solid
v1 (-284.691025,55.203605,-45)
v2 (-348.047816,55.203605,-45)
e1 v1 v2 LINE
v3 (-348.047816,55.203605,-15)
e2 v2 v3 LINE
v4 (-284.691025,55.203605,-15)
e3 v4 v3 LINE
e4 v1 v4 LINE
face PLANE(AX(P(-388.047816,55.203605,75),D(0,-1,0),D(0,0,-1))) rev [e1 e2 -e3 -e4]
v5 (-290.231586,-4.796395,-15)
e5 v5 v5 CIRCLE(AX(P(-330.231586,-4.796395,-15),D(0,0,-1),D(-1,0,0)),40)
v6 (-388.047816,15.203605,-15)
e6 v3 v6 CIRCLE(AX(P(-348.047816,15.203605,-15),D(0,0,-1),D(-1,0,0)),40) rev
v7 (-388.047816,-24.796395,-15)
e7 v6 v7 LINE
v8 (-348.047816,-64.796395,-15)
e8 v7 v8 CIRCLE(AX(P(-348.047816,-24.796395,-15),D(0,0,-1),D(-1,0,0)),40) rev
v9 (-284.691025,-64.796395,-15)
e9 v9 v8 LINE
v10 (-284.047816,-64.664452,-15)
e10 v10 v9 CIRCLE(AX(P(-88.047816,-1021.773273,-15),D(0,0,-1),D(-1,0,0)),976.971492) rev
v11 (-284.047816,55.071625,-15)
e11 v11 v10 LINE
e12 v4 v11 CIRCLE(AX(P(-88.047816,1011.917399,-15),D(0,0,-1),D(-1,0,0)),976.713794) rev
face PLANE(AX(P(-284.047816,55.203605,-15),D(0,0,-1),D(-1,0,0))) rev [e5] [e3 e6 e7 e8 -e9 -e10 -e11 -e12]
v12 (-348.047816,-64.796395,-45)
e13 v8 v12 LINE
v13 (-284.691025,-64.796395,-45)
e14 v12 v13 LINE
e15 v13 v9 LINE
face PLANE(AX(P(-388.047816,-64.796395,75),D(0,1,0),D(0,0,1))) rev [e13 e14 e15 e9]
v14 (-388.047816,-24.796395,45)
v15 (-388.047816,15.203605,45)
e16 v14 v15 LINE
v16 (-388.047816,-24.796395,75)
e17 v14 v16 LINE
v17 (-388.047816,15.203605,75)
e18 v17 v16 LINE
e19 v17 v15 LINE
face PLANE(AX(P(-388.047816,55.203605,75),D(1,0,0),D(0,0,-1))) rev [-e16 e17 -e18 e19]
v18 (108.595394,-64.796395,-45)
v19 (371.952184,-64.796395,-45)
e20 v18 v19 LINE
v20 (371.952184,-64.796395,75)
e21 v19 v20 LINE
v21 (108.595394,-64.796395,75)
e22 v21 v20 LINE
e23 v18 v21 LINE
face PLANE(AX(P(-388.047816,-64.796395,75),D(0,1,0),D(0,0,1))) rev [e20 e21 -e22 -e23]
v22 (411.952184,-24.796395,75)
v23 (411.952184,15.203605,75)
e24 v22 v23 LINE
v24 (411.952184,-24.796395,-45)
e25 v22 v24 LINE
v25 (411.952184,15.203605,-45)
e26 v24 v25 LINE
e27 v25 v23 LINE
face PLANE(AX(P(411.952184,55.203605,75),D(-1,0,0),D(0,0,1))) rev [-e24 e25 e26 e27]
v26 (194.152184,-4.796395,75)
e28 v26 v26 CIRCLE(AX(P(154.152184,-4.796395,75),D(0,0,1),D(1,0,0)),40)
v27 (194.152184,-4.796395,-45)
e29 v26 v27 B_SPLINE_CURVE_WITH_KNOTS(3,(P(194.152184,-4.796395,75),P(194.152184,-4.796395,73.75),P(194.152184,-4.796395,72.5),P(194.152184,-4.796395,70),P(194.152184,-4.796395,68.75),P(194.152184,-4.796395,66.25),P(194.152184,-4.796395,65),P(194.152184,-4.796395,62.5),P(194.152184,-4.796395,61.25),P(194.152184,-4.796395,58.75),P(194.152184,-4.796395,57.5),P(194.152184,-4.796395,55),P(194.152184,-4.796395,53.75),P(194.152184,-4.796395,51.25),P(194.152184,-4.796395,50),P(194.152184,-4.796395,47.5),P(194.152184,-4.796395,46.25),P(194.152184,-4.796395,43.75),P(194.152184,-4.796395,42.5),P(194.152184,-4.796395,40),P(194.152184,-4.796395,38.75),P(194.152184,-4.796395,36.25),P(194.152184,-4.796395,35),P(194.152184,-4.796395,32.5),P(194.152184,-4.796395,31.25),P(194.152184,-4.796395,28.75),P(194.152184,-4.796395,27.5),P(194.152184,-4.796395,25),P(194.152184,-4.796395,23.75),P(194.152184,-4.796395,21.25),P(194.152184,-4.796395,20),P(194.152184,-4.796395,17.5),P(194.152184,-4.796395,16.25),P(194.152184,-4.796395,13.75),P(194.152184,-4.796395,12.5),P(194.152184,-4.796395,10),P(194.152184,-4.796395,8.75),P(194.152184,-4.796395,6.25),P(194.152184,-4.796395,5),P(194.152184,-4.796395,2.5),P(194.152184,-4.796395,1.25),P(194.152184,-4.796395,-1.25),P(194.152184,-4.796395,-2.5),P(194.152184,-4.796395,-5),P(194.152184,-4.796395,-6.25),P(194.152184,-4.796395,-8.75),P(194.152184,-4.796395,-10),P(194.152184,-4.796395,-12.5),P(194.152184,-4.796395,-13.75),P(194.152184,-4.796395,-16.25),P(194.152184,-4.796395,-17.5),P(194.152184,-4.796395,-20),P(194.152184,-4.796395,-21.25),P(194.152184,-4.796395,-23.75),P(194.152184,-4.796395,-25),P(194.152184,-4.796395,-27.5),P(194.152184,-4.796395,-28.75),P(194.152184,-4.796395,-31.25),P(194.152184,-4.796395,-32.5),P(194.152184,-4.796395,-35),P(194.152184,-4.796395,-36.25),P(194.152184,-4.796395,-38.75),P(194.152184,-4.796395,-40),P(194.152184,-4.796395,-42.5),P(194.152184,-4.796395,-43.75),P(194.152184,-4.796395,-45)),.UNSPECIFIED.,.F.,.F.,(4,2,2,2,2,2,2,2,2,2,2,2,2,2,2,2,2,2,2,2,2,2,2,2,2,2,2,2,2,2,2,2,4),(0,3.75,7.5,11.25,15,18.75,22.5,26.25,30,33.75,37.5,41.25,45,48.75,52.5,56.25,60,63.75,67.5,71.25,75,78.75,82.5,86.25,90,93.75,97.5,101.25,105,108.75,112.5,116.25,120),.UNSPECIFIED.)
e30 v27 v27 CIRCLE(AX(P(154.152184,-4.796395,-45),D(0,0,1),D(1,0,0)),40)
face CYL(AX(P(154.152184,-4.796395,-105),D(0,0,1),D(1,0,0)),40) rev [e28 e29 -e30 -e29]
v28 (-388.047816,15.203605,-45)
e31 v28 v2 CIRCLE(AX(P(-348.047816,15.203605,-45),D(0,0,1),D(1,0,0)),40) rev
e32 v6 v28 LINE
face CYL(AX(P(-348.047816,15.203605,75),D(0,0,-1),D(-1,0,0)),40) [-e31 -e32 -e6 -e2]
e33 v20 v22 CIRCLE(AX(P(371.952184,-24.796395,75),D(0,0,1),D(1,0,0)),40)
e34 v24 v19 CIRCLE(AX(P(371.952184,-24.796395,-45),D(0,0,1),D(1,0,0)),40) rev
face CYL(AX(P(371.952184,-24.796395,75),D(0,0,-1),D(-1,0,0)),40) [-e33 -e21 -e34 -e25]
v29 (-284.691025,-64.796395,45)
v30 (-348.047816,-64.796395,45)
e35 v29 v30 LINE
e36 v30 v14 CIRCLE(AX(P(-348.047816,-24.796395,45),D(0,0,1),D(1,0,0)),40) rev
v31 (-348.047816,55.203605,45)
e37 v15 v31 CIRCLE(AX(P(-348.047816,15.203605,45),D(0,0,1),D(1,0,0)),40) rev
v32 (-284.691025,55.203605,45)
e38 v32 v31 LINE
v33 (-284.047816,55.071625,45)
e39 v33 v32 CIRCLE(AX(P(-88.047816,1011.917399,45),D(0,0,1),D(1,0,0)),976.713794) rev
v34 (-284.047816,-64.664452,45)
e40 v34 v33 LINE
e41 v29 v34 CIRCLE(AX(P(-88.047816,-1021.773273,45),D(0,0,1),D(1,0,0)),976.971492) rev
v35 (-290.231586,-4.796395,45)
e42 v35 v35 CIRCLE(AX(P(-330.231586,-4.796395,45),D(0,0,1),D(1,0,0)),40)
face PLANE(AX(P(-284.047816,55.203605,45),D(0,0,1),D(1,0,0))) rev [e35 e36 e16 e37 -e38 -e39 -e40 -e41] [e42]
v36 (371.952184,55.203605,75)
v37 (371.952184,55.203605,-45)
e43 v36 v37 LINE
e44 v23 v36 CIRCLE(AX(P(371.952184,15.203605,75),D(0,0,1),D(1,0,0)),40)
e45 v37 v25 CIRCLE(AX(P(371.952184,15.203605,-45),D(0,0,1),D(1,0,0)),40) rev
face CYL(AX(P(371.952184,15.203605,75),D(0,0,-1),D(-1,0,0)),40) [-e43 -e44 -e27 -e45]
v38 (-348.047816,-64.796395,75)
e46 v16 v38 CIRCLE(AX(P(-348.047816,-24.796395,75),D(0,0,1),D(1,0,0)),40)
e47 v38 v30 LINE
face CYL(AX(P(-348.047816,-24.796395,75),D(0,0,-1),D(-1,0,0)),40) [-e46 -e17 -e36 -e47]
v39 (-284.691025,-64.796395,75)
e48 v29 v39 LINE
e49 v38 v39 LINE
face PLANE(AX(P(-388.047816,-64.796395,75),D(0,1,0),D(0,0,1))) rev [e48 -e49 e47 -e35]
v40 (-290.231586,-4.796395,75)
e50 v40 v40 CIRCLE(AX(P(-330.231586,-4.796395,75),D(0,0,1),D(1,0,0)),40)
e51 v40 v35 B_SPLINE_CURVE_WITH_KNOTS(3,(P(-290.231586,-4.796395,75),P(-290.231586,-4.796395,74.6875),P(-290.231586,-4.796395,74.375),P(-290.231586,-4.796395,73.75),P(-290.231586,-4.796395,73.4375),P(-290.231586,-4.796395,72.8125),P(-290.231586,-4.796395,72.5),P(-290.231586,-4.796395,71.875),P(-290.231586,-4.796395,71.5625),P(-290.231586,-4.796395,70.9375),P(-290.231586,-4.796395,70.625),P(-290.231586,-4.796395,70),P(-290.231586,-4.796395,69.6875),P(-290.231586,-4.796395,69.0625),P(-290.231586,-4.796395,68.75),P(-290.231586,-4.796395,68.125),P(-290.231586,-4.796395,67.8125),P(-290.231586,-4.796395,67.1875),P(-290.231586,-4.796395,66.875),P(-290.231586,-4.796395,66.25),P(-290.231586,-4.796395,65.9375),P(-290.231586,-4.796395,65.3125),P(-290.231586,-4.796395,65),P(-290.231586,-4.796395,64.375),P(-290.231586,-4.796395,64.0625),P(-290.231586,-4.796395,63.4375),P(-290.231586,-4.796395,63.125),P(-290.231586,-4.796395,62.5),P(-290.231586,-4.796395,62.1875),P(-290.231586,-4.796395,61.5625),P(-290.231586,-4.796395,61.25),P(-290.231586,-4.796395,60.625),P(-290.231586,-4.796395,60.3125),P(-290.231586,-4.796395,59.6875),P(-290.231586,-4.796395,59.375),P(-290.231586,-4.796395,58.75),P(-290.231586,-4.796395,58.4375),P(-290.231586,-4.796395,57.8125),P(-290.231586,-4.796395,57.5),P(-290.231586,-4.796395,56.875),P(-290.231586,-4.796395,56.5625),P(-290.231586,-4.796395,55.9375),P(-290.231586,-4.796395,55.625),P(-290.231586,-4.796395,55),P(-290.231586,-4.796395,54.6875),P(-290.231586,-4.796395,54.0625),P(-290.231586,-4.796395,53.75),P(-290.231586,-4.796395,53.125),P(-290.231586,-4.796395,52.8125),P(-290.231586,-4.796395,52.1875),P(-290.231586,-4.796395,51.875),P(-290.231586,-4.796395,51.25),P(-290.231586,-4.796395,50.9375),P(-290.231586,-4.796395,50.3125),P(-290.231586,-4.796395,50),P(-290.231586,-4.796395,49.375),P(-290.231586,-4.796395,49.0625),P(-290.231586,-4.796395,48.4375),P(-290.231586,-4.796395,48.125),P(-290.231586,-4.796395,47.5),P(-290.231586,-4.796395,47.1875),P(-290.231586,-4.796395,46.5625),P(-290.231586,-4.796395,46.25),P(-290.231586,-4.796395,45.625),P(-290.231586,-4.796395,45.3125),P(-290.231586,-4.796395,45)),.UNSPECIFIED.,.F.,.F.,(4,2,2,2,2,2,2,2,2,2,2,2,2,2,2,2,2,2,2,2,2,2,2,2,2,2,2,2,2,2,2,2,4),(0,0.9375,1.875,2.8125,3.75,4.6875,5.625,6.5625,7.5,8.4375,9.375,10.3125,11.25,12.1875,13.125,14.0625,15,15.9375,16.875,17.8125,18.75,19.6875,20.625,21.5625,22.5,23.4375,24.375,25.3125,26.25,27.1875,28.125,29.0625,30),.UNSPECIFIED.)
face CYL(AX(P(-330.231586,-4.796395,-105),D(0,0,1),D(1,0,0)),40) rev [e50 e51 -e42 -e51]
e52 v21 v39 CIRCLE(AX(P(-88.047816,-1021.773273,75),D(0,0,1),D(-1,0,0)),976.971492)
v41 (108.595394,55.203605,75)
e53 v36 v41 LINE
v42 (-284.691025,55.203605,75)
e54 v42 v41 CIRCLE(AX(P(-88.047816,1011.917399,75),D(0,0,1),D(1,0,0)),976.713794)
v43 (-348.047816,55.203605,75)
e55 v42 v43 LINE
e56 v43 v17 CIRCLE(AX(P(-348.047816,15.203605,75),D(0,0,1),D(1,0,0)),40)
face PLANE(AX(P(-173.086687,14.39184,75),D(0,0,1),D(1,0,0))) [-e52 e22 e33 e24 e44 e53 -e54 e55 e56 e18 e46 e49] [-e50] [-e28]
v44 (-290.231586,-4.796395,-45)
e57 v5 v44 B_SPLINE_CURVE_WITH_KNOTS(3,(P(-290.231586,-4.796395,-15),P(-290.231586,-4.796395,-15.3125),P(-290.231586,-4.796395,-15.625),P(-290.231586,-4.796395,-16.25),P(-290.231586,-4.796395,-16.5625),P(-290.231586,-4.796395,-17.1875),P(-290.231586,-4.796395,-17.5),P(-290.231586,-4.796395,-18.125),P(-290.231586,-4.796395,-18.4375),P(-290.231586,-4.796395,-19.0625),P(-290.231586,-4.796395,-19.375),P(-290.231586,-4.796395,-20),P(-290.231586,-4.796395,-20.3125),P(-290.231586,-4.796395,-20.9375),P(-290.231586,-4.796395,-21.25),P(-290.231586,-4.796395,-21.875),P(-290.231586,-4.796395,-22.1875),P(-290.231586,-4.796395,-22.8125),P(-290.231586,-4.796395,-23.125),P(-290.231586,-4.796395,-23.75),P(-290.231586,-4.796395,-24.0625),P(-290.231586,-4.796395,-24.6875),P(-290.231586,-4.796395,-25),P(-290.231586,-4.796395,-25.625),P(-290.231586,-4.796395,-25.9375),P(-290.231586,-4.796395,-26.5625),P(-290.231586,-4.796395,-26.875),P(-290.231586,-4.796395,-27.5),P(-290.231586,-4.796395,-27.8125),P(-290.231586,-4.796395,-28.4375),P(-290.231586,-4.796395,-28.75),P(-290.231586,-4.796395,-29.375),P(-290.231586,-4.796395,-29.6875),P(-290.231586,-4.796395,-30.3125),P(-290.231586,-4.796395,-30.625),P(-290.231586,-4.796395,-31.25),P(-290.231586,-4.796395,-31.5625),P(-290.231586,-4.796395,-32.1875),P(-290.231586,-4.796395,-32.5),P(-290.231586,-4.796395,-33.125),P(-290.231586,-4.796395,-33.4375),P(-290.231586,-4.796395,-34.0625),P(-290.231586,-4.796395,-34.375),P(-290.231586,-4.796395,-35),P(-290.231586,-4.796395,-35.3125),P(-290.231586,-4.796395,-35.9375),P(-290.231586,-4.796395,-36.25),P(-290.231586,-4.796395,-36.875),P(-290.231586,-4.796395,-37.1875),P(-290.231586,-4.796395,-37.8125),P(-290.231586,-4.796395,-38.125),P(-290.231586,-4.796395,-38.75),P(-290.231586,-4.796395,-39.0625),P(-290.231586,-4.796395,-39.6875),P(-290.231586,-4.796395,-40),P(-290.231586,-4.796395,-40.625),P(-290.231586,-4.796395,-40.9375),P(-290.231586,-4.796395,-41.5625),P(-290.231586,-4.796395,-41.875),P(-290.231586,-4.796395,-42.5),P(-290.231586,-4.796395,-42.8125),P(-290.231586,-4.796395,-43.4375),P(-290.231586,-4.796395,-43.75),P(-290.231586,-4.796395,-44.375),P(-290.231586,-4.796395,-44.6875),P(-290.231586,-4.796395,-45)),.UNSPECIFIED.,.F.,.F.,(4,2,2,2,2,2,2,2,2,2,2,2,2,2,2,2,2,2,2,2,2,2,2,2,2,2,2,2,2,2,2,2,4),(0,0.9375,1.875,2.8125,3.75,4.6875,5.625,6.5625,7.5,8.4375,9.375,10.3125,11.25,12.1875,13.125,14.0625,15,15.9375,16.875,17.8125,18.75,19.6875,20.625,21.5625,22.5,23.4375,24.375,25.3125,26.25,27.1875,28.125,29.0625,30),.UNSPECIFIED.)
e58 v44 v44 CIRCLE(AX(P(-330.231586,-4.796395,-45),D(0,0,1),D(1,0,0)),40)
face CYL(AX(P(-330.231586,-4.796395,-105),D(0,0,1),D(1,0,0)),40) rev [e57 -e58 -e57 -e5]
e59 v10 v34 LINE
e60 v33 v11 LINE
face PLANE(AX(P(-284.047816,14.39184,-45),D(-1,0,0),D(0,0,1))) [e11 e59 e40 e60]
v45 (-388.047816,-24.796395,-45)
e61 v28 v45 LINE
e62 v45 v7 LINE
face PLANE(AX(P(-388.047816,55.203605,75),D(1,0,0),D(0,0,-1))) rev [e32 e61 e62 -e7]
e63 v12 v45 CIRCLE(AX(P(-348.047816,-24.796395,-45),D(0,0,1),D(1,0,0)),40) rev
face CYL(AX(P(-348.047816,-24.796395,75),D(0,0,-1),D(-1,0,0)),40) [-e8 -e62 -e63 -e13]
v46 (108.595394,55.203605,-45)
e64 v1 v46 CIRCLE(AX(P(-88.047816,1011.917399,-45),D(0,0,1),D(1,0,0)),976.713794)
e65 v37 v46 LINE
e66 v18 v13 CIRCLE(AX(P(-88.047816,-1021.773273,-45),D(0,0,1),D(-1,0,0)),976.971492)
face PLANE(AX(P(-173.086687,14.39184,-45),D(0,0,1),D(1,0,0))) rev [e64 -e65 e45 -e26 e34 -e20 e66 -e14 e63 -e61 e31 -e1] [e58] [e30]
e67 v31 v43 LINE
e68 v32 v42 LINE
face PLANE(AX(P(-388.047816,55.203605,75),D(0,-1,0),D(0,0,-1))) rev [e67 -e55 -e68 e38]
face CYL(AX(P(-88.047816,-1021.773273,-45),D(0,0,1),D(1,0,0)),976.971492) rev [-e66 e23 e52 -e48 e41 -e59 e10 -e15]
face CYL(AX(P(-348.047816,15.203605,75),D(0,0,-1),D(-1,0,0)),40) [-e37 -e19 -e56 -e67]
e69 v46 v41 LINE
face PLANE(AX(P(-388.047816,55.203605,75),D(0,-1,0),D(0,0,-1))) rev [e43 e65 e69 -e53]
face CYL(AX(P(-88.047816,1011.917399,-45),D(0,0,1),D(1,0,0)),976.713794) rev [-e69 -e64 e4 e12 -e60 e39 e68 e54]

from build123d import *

# Parameters (mm, degrees)
SKETCH1_W           = 200
SKETCH1_H           = 30
BOSS_EXTRUDE1_DEPTH = 30
FILLET1_R           = 10
CUT_EXTRUDE1_DEPTH  = 30
SKETCH4_W           = 15
SKETCH4_H           = 30
CUT_EXTRUDE3_DEPTH  = 26
SKETCH5_R           = 10
CUT_EXTRUDE4_DEPTH  = 45
SCALE1_SCALE        = 4


with BuildPart() as part:
    # Sketch1 → Boss-Extrude1 (new body)
    with BuildSketch(Plane.XY):
        with Locations((46.259717806, -4.797058824)):
            Rectangle(SKETCH1_W, SKETCH1_H)
    extrude(amount=BOSS_EXTRUDE1_DEPTH)

    # Fillet1
    fillet1_edges = [part.edges().sort_by_distance(p)[0] for p in [
        (-53.740282194, 10.202941176, 15),
        (146.259717806, 10.202941176, 15),
        (146.259717806, -19.797058824, 15),
        (-53.740282194, -19.797058824, 15),
    ]]
    fillet(fillet1_edges, radius=FILLET1_R)

    # Sketch2 → Cut-Extrude1 (cut)
    with BuildSketch(Plane.XY.offset(30)):
        with BuildLine():
            Line((-27.901084514, 10.202941176), (70.420520136, 10.202941176))
            ThreePointArc((70.420520136, 10.202941176), (21.259717811, 5.202941178), (-27.901084514, 10.202941176))
        make_face()
        with BuildLine():
            Line((-27.901084524, -19.797058824), (70.420520136, -19.797058824))
            ThreePointArc((70.420520136, -19.797058824), (21.259717806, -14.798405243), (-27.901084524, -19.797058824))
        make_face()
    extrude(amount=-CUT_EXTRUDE1_DEPTH, mode=Mode.SUBTRACT)

    # Sketch4 → Cut-Extrude3 (cut)
    with BuildSketch(Plane.ZY.offset(53.740282194)):
        with Locations((15, -4.797058824)):
            Rectangle(SKETCH4_W, SKETCH4_H)
    extrude(amount=-CUT_EXTRUDE3_DEPTH, mode=Mode.SUBTRACT)

    # Sketch5 → Cut-Extrude4 (cut)
    with BuildSketch(Plane.XY.offset(30)):
        with Locations((-39.286224807, -4.797058824)):
            Circle(SKETCH5_R)
        with Locations((81.809717806, -4.797058824)):
            Circle(SKETCH5_R)
    extrude(amount=-CUT_EXTRUDE4_DEPTH, mode=Mode.SUBTRACT)


with BuildPart() as part_1:
    # Scale1: scaled about (57.695562261, -4.797279973, 15)
    add(part.part.scale(SCALE1_SCALE).moved(Location((-173.086686783, 14.391839919, -45))))


solid = part_1.part
